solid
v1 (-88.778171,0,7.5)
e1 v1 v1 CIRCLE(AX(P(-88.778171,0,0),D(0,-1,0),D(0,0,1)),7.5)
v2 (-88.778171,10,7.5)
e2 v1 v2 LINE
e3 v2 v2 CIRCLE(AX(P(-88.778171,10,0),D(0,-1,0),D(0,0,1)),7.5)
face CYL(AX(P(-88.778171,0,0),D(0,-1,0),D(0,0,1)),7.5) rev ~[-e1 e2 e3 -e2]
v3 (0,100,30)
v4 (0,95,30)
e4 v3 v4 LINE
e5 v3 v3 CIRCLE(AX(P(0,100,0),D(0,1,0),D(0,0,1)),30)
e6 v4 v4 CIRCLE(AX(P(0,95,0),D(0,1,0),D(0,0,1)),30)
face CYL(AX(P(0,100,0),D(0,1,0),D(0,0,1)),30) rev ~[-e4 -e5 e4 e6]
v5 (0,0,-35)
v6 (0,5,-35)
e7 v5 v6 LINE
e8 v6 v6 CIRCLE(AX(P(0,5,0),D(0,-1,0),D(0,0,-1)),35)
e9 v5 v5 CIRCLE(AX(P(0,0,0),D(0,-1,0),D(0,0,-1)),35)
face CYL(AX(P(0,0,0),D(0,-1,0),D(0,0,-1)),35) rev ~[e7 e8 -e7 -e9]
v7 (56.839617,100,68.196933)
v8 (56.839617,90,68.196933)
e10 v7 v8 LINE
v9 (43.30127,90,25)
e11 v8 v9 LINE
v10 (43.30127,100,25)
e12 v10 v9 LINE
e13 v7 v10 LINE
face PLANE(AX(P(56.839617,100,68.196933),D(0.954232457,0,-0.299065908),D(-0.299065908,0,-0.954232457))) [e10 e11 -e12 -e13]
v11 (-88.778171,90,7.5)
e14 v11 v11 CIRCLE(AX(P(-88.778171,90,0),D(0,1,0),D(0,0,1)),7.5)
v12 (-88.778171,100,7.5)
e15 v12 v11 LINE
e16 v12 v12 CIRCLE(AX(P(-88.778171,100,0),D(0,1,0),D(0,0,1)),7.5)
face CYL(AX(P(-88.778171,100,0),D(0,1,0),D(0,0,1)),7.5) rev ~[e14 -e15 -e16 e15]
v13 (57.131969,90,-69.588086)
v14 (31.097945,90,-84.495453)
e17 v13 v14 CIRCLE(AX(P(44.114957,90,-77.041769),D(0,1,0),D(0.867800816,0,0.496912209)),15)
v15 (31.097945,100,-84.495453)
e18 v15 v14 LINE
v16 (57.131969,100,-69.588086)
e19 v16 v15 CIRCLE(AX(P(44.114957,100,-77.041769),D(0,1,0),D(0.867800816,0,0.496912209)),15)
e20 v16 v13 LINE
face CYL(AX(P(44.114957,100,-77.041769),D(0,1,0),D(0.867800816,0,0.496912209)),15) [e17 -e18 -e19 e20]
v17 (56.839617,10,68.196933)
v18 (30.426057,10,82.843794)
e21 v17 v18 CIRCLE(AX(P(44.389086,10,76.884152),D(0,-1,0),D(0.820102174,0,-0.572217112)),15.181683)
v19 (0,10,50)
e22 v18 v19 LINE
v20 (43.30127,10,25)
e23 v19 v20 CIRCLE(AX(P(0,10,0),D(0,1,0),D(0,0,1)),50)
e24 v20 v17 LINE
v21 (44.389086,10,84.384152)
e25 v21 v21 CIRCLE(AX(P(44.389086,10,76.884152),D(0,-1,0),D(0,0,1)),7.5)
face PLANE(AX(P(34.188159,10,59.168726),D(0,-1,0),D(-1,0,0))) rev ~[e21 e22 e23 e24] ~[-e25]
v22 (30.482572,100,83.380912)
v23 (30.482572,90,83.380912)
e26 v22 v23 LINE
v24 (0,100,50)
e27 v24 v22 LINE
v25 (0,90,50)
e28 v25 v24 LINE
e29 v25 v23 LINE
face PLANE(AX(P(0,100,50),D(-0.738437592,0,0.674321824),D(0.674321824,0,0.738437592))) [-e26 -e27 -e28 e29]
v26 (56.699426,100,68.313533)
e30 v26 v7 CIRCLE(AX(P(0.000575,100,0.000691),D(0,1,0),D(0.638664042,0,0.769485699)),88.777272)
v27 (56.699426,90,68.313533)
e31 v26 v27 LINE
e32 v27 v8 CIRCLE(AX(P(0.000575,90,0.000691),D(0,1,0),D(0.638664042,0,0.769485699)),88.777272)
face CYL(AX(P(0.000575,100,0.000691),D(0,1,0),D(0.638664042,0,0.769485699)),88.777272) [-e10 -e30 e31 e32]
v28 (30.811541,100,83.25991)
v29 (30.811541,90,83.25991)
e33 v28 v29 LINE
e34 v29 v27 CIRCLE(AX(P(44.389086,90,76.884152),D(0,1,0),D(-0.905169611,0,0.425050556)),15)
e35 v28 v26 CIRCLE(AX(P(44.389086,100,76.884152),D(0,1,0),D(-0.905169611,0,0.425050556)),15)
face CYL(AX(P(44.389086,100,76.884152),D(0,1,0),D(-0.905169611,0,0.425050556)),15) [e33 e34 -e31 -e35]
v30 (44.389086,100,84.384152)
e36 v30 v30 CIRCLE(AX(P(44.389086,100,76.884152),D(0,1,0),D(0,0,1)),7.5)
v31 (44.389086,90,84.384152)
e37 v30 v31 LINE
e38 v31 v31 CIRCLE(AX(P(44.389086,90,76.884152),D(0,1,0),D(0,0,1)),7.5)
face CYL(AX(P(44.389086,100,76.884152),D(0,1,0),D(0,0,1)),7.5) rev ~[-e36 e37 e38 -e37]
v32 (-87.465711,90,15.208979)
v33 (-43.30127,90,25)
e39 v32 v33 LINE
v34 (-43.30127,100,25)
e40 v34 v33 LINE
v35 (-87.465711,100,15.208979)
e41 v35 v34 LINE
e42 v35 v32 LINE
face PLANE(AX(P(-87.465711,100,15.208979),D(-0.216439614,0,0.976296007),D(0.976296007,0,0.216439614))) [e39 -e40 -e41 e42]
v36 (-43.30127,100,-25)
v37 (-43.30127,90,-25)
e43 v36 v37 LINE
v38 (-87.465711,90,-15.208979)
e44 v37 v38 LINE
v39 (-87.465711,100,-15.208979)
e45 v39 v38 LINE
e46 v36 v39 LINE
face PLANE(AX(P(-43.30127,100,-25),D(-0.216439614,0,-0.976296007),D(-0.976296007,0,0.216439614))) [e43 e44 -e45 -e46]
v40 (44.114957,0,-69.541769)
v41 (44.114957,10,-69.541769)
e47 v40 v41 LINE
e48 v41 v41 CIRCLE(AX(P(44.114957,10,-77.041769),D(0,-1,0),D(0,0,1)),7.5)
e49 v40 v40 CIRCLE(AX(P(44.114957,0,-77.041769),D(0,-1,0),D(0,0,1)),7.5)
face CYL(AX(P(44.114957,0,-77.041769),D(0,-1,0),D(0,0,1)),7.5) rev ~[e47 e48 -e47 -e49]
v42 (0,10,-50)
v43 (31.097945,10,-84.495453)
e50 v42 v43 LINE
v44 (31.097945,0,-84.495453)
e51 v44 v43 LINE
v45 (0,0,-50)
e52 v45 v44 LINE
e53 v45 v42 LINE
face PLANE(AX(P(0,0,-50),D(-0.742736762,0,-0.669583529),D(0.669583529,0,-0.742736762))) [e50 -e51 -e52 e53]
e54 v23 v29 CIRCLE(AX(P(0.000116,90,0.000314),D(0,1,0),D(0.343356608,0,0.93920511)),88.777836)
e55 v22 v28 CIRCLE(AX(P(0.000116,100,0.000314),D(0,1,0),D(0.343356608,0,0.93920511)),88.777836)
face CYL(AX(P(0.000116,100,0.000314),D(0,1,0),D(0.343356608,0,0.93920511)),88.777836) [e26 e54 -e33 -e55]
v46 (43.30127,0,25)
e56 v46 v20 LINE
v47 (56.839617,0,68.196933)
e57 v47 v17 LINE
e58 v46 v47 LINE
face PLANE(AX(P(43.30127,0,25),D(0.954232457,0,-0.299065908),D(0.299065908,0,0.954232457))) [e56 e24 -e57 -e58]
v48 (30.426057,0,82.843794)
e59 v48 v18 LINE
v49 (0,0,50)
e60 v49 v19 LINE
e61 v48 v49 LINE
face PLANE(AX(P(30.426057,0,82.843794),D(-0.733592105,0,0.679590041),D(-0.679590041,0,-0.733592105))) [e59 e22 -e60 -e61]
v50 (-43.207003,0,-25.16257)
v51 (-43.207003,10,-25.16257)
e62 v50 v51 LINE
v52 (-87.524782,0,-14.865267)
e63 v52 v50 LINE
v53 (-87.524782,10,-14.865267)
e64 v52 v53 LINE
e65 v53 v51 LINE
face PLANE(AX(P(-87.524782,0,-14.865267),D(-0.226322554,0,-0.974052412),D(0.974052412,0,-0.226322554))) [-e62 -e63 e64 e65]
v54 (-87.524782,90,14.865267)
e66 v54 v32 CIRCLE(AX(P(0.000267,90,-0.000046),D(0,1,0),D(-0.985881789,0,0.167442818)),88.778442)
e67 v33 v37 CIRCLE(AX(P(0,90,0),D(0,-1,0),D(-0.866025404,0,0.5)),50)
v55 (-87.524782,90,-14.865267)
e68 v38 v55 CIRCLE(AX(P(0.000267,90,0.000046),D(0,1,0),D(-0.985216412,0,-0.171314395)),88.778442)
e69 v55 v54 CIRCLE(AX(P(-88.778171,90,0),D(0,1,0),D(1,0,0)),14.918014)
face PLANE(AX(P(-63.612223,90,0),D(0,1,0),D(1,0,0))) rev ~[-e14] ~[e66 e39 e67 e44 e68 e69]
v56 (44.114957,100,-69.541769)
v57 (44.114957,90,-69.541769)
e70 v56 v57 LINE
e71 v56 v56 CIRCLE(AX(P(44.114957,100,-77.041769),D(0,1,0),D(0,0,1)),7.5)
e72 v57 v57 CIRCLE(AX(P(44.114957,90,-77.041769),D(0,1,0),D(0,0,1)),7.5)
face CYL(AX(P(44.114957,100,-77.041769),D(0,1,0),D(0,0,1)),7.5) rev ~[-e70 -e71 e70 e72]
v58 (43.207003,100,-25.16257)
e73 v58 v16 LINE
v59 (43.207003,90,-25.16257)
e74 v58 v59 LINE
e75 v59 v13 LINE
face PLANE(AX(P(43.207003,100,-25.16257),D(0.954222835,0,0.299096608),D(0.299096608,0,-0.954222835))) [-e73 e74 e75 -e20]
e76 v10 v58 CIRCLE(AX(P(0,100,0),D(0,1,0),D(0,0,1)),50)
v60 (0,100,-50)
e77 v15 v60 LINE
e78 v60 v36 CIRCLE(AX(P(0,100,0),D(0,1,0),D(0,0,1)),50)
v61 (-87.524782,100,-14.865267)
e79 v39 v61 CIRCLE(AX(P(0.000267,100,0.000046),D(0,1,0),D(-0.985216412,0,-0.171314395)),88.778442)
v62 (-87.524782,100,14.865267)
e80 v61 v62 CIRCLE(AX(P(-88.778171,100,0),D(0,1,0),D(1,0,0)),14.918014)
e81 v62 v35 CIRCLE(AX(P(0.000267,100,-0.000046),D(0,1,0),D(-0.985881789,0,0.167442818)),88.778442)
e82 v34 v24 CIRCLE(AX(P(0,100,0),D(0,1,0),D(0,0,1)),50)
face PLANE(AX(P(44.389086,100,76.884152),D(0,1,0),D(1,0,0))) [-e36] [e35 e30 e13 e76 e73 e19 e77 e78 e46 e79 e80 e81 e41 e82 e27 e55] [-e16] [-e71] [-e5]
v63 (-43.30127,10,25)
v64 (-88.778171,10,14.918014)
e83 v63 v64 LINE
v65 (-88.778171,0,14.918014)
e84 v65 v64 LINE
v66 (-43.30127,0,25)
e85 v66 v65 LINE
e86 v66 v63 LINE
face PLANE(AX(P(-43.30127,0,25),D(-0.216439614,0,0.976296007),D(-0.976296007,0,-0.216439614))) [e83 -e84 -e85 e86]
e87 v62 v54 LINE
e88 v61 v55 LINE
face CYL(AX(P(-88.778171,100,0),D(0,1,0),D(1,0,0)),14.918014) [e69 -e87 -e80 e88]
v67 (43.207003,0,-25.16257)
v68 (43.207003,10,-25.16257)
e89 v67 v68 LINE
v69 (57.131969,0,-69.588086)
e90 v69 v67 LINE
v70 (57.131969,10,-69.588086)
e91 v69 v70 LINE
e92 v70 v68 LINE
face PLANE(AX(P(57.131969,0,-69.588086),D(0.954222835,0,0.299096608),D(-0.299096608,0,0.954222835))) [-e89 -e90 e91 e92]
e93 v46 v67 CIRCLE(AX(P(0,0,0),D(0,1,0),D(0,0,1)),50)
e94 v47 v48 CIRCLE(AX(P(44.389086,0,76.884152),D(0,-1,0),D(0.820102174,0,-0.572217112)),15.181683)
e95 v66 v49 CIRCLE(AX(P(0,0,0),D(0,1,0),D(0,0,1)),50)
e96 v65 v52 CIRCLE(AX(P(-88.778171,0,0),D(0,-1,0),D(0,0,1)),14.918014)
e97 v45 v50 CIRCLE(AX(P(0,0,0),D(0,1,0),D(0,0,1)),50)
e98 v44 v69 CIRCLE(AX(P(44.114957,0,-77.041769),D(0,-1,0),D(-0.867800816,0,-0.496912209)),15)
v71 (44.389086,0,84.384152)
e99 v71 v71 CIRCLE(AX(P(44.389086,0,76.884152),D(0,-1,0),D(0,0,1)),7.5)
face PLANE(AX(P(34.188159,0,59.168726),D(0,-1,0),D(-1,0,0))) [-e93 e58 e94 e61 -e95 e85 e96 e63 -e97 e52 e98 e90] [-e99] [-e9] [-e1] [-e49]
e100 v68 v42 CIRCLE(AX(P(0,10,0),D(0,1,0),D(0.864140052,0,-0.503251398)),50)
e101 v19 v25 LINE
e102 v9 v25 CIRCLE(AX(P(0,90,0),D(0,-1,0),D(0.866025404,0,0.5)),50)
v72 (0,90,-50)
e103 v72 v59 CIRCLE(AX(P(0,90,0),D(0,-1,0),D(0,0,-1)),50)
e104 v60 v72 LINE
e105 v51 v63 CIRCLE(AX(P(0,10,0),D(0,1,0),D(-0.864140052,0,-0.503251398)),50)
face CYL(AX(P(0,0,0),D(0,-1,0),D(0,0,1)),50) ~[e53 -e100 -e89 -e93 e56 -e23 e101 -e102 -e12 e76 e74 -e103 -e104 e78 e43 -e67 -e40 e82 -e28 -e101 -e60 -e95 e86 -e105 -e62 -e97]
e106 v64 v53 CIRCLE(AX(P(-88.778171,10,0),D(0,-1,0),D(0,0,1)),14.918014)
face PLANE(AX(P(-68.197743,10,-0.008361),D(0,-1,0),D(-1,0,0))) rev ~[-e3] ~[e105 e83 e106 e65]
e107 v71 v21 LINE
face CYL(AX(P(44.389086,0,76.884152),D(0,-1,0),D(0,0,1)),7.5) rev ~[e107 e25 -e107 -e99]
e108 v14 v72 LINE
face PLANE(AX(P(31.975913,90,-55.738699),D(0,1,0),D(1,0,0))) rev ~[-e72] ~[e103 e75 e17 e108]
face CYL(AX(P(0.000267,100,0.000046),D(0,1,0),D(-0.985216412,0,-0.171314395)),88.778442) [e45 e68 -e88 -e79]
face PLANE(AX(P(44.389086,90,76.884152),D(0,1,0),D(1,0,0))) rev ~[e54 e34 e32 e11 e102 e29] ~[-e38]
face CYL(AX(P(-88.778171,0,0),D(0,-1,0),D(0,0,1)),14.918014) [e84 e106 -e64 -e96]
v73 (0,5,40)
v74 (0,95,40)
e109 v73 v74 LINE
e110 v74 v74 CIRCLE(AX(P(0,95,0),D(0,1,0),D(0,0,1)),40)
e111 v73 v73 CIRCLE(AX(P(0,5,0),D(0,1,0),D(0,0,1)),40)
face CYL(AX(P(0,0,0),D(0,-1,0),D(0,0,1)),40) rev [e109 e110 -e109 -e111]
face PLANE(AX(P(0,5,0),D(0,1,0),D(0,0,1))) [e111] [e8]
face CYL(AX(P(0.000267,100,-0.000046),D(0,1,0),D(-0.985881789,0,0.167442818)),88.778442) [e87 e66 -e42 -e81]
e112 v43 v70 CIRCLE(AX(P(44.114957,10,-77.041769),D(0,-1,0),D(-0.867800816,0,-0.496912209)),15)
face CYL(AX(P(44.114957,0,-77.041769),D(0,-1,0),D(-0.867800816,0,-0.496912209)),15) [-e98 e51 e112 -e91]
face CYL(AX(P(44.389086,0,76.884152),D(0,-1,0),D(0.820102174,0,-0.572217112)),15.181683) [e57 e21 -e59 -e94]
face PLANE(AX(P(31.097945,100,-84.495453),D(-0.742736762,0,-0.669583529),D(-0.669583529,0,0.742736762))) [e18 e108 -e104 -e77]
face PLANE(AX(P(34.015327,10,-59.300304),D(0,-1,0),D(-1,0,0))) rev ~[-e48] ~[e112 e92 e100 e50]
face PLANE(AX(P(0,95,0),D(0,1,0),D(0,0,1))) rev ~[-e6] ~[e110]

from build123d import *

# Parameters (mm, degrees)
SKETCH1_R            = 50
SKETCH1_R_2          = 40
BOSS_EXTRUDE2_DEPTH  = 100
SKETCH4_R            = 40
SKETCH4_R_2          = 30
BOSS_EXTRUDE5_DEPTH  = 5
SKETCH2_R            = 40
BOSS_EXTRUDE6_DEPTH  = 5
SKETCH5_R            = 35
CUT_EXTRUDE1_DEPTH   = 5
SKETCH8_R            = 15
SKETCH8_R_2          = 7.5
SKETCH8_R_3          = 14.918013771
BOSS_EXTRUDE9_DEPTH  = 10
BOSS_EXTRUDE13_DEPTH = 10
SKETCH18_R           = 7.5
CUT_EXTRUDE5_DEPTH   = 10


with BuildPart() as part:
    # Sketch1 → Boss-Extrude2 (new body)
    with BuildSketch(Plane(origin=(0, 0, 0), x_dir=(1, 0, 0), z_dir=(0, 1, 0))):
        with Locations(Location((0, 0, 0), (0, 0, 270))):
            Circle(SKETCH1_R)
        with Locations(Location((0, 0, 0), (0, 0, 270))):
            Circle(SKETCH1_R_2, mode=Mode.SUBTRACT)
    extrude(amount=BOSS_EXTRUDE2_DEPTH)

    # Sketch4 → Boss-Extrude5 (add)
    with BuildSketch(Plane(origin=(0, 100, 0), x_dir=(1, 0, 0), z_dir=(0, 1, 0))):
        with Locations(Location((0, 0, 0), (0, 0, 270))):
            Circle(SKETCH4_R)
        with Locations(Location((0, 0, 0), (0, 0, 270))):
            Circle(SKETCH4_R_2, mode=Mode.SUBTRACT)
    extrude(amount=-BOSS_EXTRUDE5_DEPTH)

    # Sketch2 → Boss-Extrude6 (add)
    with BuildSketch(Plane(origin=(0, 0, 0), x_dir=(1, 0, 0), z_dir=(0, 1, 0))):
        with Locations(Location((0, 0, 0), (0, 0, 270))):
            Circle(SKETCH2_R)
    extrude(amount=BOSS_EXTRUDE6_DEPTH)

    # Sketch5 → Cut-Extrude1 (cut)
    with BuildSketch(Plane.XZ):
        with Locations(Location((0, 0, 0), (0, 0, 270))):
            Circle(SKETCH5_R)
    extrude(amount=-CUT_EXTRUDE1_DEPTH, mode=Mode.SUBTRACT)

    # Sketch8 → Boss-Extrude9 (add)
    with BuildSketch(Plane(origin=(0, 100, 0), x_dir=(1, 0, 0), z_dir=(0, 1, 0))):
        with BuildLine():
            ThreePointArc((-43.301270189, -25), (-50, 0), (-43.301270189, 25))
            Line((-43.301270189, 25), (-87.465711201, 15.208979149))
            ThreePointArc((-87.465711201, 15.208979149), (-87.49541557, 15.037151885), (-87.524782384, 14.865266608))
            ThreePointArc((-87.524782384, 14.865266608), (-77.795338999, 10.095768004), (-73.860157435, 0))
            ThreePointArc((-73.860157435, 0), (-77.795338999, -10.095768004), (-87.524782384, -14.865266608))
            ThreePointArc((-87.524782384, -14.865266608), (-87.49541557, -15.037151885), (-87.465711201, -15.208979149))
            Line((-87.465711201, -15.208979149), (-43.301270189, -25))
        make_face()
        with BuildLine():
            ThreePointArc((0, 50), (24.918582465, 43.348174678), (43.207002617, 25.162569917))
            Line((43.207002617, 25.162569917), (57.131969376, 69.588086322))
            ThreePointArc((57.131969376, 69.588086322), (36.661274001, 64.024757205), (31.097944884, 84.49545258))
            Line((31.097944884, 84.49545258), (0, 50))
        make_face()
        with Locations((44.11495713, 77.041769451)):
            Circle(SKETCH8_R)
        with Locations(Location((44.11495713, 77.041769451, 0), (0, 0, 270))):
            Circle(SKETCH8_R_2, mode=Mode.SUBTRACT)
        with Locations((44.389085603, -76.884151566)):
            Circle(SKETCH8_R)
        with Locations(Location((44.389085603, -76.884151566, 0), (0, 0, 270))):
            Circle(SKETCH8_R_2, mode=Mode.SUBTRACT)
        with BuildLine():
            Line((56.839616952, -68.196932683), (43.301270189, -25))
            ThreePointArc((43.301270189, -25), (25, -43.301270189), (0, -50))
            Line((0, -50), (30.482572388, -83.380911864))
            ThreePointArc((30.482572388, -83.380911864), (30.64711663, -83.32057324), (30.811541435, -83.259909903))
            ThreePointArc((30.811541435, -83.259909903), (36.889085603, -63.893770509), (56.699426375, -68.313532564))
            ThreePointArc((56.699426375, -68.313532564), (56.7695516, -68.255268616), (56.839616952, -68.196932683))
        make_face()
        with Locations((-88.778171206, 0)):
            Circle(SKETCH8_R_3)
        with Locations(Location((-88.778171206, 0, 0), (0, 0, 270))):
            Circle(SKETCH8_R_2, mode=Mode.SUBTRACT)
    extrude(amount=-BOSS_EXTRUDE9_DEPTH)

    # Sketch17 → Boss-Extrude13 (add)
    with BuildSketch(Plane(origin=(0, 0, 0), x_dir=(-1, 0, 0), z_dir=(0, -1, 0))):
        with BuildLine():
            Line((43.301270189, -25), (88.778171206, -14.918013771))
            ThreePointArc((88.778171206, -14.918013771), (103.682992353, 0.627249114), (87.524782384, 14.865266608))
            Line((87.524782384, 14.865266608), (43.207002617, 25.162569917))
            ThreePointArc((43.207002617, 25.162569917), (49.999911712, 0.093961898), (43.301270189, -25))
        make_face()
        with BuildLine():
            ThreePointArc((-43.207002617, 25.162569917), (-24.918582465, 43.348174678), (0, 50))
            Line((0, 50), (-31.097944884, 84.49545258))
            ThreePointArc((-31.097944884, 84.49545258), (-51.568640259, 90.058781697), (-57.131969376, 69.588086322))
            Line((-57.131969376, 69.588086322), (-43.207002617, 25.162569917))
        make_face()
        with BuildLine():
            Line((-30.426057059, -82.843793895), (0, -50))
            ThreePointArc((0, -50), (-25, -43.301270189), (-43.301270189, -25))
            Line((-43.301270189, -25), (-56.839616952, -68.196932683))
            ThreePointArc((-56.839616952, -68.196932683), (-51.75145939, -90.161160078), (-30.426057059, -82.843793895))
        make_face()
    extrude(amount=-BOSS_EXTRUDE13_DEPTH)

    # Sketch18 → Cut-Extrude5 (cut)
    with BuildSketch(Plane.XZ):
        with Locations(Location((-88.778171206, 0, 0), (0, 0, 90))):
            Circle(SKETCH18_R)
        with Locations(Location((44.389085603, 76.884151566, 0), (0, 0, 90))):
            Circle(SKETCH18_R)
        with Locations(Location((44.11495713, -77.041769451, 0), (0, 0, 90))):
            Circle(SKETCH18_R)
    extrude(amount=-CUT_EXTRUDE5_DEPTH, mode=Mode.SUBTRACT)


solid = part.part
